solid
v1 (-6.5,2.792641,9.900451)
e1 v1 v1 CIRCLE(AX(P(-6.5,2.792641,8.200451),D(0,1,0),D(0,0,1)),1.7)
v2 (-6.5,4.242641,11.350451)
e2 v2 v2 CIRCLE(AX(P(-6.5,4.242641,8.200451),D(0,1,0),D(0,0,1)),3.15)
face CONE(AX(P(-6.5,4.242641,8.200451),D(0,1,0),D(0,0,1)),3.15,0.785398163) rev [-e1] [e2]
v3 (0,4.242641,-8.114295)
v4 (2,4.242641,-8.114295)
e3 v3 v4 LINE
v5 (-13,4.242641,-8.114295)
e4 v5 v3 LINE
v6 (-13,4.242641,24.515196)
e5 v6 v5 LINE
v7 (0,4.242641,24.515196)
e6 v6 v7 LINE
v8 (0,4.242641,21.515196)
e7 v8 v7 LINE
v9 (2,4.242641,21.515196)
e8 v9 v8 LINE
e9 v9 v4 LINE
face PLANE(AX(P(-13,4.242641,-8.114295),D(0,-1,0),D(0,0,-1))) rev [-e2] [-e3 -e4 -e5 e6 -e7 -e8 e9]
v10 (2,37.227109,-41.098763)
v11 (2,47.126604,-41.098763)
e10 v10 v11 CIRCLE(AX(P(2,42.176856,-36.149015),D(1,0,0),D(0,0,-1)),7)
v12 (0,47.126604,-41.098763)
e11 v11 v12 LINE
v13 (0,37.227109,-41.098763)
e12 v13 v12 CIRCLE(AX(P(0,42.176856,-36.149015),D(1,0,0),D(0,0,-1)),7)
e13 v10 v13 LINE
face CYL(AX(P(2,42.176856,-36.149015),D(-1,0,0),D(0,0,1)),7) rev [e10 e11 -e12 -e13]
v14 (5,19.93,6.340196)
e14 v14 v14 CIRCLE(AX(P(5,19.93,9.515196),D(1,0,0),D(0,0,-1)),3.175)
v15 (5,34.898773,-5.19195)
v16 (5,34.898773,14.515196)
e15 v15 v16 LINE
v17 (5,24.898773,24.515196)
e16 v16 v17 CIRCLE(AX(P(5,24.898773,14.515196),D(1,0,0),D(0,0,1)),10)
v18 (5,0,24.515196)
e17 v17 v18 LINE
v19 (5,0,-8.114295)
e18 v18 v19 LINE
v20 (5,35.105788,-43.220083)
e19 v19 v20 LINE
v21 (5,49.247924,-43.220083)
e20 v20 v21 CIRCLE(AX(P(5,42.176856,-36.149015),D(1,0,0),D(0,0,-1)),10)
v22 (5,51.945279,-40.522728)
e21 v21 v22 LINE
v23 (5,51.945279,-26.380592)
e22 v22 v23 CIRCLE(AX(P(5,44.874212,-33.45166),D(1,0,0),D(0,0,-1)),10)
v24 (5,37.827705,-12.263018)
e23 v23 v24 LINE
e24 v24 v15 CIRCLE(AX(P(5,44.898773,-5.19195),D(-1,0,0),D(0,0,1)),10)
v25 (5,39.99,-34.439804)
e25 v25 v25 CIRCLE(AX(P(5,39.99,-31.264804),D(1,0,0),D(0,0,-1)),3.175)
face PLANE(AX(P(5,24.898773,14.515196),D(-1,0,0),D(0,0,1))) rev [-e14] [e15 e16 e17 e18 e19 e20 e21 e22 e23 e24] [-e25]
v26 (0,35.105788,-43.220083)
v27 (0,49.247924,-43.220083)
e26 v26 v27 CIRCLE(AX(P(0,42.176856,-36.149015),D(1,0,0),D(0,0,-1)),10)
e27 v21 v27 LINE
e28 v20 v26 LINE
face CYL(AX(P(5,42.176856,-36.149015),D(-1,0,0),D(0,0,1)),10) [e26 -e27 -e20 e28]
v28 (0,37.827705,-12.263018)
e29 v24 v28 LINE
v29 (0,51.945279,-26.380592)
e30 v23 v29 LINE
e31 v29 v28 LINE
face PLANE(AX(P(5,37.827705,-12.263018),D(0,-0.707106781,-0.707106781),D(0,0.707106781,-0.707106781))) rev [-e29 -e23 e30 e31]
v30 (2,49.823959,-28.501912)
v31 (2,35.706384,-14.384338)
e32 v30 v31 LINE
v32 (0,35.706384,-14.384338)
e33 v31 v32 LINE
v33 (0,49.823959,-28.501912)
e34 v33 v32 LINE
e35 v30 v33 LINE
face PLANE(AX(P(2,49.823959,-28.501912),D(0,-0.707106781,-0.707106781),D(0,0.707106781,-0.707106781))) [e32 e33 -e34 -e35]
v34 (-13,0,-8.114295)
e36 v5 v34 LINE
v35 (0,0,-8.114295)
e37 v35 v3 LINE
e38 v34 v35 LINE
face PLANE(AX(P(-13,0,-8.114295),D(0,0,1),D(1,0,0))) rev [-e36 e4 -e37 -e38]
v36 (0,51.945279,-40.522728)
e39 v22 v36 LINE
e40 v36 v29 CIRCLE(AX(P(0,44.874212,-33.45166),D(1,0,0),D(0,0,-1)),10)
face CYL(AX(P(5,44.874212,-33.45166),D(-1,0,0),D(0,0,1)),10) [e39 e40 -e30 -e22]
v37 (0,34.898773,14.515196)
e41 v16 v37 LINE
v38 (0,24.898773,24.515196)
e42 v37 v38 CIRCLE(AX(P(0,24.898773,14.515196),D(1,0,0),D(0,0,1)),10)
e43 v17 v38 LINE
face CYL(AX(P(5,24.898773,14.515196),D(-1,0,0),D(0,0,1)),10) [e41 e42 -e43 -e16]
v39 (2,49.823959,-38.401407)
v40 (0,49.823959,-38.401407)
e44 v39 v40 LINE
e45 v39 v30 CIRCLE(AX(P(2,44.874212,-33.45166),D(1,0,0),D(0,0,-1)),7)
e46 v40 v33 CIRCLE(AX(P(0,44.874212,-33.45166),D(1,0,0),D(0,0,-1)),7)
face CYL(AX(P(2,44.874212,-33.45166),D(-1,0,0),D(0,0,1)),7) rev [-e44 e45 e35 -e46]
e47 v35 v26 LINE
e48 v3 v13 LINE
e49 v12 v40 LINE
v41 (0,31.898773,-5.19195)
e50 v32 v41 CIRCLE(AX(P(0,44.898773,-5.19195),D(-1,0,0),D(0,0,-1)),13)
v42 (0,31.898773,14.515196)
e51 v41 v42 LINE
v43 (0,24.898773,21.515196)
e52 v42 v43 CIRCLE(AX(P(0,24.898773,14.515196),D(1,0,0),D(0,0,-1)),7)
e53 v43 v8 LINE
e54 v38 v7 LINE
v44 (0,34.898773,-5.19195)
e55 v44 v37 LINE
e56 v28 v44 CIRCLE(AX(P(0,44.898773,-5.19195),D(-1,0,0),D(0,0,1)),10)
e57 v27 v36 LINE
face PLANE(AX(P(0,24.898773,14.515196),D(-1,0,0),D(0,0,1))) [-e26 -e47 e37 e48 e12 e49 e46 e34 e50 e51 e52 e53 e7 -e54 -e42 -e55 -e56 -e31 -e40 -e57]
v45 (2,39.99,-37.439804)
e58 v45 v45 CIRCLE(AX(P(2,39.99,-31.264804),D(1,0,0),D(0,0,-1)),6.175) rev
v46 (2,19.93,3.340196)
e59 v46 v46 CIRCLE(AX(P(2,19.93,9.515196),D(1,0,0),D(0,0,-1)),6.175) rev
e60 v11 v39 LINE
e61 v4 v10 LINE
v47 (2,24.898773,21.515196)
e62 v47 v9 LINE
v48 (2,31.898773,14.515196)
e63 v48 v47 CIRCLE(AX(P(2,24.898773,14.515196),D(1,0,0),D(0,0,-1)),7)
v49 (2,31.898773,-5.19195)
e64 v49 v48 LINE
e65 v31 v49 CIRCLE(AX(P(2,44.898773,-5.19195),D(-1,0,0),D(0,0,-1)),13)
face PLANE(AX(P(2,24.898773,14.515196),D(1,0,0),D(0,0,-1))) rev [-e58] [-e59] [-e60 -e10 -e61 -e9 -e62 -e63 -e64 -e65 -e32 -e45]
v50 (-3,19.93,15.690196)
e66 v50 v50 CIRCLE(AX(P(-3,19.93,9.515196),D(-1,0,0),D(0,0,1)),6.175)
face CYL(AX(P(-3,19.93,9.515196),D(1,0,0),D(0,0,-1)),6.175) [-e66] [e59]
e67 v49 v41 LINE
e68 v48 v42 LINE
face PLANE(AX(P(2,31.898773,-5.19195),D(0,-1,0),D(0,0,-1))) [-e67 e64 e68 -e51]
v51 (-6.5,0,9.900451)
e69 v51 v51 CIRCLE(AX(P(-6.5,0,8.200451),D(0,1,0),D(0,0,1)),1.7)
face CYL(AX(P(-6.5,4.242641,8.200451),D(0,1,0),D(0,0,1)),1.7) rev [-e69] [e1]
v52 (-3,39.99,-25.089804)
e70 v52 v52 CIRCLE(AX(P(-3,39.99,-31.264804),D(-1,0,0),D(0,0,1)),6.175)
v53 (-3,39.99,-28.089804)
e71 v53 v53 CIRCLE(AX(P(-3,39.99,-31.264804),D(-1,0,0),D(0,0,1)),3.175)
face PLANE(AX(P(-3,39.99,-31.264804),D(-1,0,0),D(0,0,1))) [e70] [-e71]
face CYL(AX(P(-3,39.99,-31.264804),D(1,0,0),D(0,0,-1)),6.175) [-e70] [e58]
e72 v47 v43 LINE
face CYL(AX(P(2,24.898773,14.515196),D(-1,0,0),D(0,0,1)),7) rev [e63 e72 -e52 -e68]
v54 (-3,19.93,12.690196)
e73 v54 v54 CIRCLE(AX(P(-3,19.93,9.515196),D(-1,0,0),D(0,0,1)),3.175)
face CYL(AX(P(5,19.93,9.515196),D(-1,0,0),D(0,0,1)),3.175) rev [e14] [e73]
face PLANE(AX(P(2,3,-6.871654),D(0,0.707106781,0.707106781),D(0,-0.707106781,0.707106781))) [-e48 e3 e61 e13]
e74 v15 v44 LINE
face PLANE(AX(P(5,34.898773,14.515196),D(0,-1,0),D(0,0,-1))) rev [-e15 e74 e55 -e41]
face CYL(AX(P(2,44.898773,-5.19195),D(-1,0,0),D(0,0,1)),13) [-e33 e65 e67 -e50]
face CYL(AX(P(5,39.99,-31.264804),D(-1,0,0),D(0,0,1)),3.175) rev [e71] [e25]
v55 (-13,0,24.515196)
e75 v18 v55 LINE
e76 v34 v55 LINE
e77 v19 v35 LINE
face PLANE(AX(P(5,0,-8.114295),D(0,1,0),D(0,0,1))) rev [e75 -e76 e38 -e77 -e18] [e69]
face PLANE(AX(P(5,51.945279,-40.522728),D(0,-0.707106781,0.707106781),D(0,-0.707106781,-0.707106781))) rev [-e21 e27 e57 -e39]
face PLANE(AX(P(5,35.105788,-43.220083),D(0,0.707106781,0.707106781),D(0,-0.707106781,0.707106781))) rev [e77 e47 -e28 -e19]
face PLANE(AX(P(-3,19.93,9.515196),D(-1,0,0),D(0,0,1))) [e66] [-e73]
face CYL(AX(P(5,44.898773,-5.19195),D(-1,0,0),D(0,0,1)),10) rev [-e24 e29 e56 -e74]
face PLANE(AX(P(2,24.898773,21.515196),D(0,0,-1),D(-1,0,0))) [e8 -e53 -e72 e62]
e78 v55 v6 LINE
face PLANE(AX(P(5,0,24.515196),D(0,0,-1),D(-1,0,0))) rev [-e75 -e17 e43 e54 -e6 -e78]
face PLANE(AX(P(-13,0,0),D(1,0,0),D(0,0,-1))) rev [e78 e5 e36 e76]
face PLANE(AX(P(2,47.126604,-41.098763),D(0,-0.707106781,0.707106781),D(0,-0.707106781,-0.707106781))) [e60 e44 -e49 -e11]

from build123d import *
from build123d.topology import SkipClean

# Parameters (mm, degrees)
SKETCH1_R                                       = 3.175
EXTRUDE_BODY_DEPTH                              = 5
INSET_BODY_DEPTH                                = 2
SKETCH3_R                                       = 6.175
CUT_HOLE_BOSS_DEPTH                             = 5
CUT_EXTRUDE2_DEPTH                              = 72.874270106
CUT_EXTRUDE2_DEPTH_BACK                         = 5
REAM_HOLE_R                                     = 3.175
SKETCH4_W                                       = 32.629490944
SKETCH4_H                                       = 4.242640687
BOSS_EXTRUDE1_DEPTH                             = 15
CSK_FOR_M3_FLAT_HEAD_MACHINE_SCREW1_D           = 3.4
CSK_FOR_M3_FLAT_HEAD_MACHINE_SCREW1_CSINK_D     = 6.3
CSK_FOR_M3_FLAT_HEAD_MACHINE_SCREW1_CSINK_ANGLE = 90


with BuildPart() as part:
    # Sketch1 → Extrude body (new body)
    with BuildSketch(Plane(origin=(0, 0, 0), x_dir=(0, 0, -1), z_dir=(1, 0, 0))):
        with BuildLine():
            Line((8.114294626, 0), (-24.515196318, 0))
            Line((-24.515196318, 0), (-24.515196318, 24.898772612))
            ThreePointArc((-24.515196318, 24.898772612), (-21.586264129, 31.969840424), (-14.515196318, 34.898772612))
            Line((-14.515196318, 34.898772612), (5.191949728, 34.898772612))
            ThreePointArc((5.191949728, 34.898772612), (9.018784051, 35.659977287), (12.26301754, 37.8277048))
            Line((12.26301754, 37.8277048), (26.380592117, 51.945279378))
            ThreePointArc((26.380592117, 51.945279378), (33.451659929, 54.874211566), (40.52272774, 51.945279378))
            Line((40.52272774, 51.945279378), (43.22008306, 49.247924058))
            ThreePointArc((43.22008306, 49.247924058), (46.149015248, 42.176856246), (43.22008306, 35.105788434))
            Line((43.22008306, 35.105788434), (8.114294626, 0))
        make_face()
        with Locations((31.264803682, 39.99)):
            Circle(SKETCH1_R, mode=Mode.SUBTRACT)
        with Locations((-9.515196318, 19.93)):
            Circle(SKETCH1_R, mode=Mode.SUBTRACT)
    extrude(amount=EXTRUDE_BODY_DEPTH)

    # Sketch2 → Inset body (cut)
    with BuildSketch(Plane(origin=(0, 0, 0), x_dir=(0, 0, -1), z_dir=(1, 0, 0))):
        with BuildLine():
            Line((-21.515196318, 24.898772612), (-21.515196318, 3))
            Line((-21.515196318, 3), (6.871653938, 3))
            Line((6.871653938, 3), (41.098762716, 37.227108778))
            ThreePointArc((41.098762716, 37.227108778), (43.149015248, 42.176856246), (41.098762716, 47.126603714))
            Line((41.098762716, 47.126603714), (38.401407397, 49.823959034))
            ThreePointArc((38.401407397, 49.823959034), (33.451659929, 51.874211566), (28.50191246, 49.823959034))
            Line((28.50191246, 49.823959034), (14.384337883, 35.706384457))
            ThreePointArc((14.384337883, 35.706384457), (10.166834349, 32.88833869), (5.191949728, 31.898772612))
            Line((5.191949728, 31.898772612), (-14.515196318, 31.898772612))
            ThreePointArc((-14.515196318, 31.898772612), (-19.464943786, 29.848520081), (-21.515196318, 24.898772612))
        make_face()
    extrude(amount=INSET_BODY_DEPTH, mode=Mode.SUBTRACT)

    # Sketch3 → Cut hole boss (add)
    with BuildSketch(Plane.ZY.offset(-2)):
        with Locations((9.515196318, 19.93)):
            Circle(SKETCH3_R)
        with Locations((-31.264803682, 39.99)):
            Circle(SKETCH3_R)
    extrude(amount=CUT_HOLE_BOSS_DEPTH)

    # Ream hole → Cut-Extrude2 (cut, two sides: drawn at the far end of the back side and taken through both)
    with SkipClean():  # the faces are left unmerged after this step: merging them gives an invalid solid
        with BuildSketch(Plane.ZY.offset(-CUT_EXTRUDE2_DEPTH_BACK)):
            with Locations((-31.264803682, 39.99)):
                Circle(REAM_HOLE_R)
            with Locations((9.515196318, 19.93)):
                Circle(REAM_HOLE_R)
        extrude(amount=CUT_EXTRUDE2_DEPTH + CUT_EXTRUDE2_DEPTH_BACK, mode=Mode.SUBTRACT)

    # Sketch4 → Boss-Extrude1 (add)
    with SkipClean():  # the faces are left unmerged after this step: merging them gives an invalid solid
        with BuildSketch(Plane.ZY.offset(-2)):
            with Locations((8.200450846, 2.121320344)):
                Rectangle(SKETCH4_W, SKETCH4_H)
        extrude(amount=BOSS_EXTRUDE1_DEPTH)

    # CSK for M3 Flat Head Machine Screw1 (through all)
    with Locations(Plane(origin=(0, 4.242640687, 0), x_dir=(1, 0, 0), z_dir=(0, 1, 0))):
        with Locations((-6.5, -8.200450846)):
            CounterSinkHole(CSK_FOR_M3_FLAT_HEAD_MACHINE_SCREW1_D / 2, CSK_FOR_M3_FLAT_HEAD_MACHINE_SCREW1_CSINK_D / 2, counter_sink_angle=CSK_FOR_M3_FLAT_HEAD_MACHINE_SCREW1_CSINK_ANGLE)


solid = part.part
